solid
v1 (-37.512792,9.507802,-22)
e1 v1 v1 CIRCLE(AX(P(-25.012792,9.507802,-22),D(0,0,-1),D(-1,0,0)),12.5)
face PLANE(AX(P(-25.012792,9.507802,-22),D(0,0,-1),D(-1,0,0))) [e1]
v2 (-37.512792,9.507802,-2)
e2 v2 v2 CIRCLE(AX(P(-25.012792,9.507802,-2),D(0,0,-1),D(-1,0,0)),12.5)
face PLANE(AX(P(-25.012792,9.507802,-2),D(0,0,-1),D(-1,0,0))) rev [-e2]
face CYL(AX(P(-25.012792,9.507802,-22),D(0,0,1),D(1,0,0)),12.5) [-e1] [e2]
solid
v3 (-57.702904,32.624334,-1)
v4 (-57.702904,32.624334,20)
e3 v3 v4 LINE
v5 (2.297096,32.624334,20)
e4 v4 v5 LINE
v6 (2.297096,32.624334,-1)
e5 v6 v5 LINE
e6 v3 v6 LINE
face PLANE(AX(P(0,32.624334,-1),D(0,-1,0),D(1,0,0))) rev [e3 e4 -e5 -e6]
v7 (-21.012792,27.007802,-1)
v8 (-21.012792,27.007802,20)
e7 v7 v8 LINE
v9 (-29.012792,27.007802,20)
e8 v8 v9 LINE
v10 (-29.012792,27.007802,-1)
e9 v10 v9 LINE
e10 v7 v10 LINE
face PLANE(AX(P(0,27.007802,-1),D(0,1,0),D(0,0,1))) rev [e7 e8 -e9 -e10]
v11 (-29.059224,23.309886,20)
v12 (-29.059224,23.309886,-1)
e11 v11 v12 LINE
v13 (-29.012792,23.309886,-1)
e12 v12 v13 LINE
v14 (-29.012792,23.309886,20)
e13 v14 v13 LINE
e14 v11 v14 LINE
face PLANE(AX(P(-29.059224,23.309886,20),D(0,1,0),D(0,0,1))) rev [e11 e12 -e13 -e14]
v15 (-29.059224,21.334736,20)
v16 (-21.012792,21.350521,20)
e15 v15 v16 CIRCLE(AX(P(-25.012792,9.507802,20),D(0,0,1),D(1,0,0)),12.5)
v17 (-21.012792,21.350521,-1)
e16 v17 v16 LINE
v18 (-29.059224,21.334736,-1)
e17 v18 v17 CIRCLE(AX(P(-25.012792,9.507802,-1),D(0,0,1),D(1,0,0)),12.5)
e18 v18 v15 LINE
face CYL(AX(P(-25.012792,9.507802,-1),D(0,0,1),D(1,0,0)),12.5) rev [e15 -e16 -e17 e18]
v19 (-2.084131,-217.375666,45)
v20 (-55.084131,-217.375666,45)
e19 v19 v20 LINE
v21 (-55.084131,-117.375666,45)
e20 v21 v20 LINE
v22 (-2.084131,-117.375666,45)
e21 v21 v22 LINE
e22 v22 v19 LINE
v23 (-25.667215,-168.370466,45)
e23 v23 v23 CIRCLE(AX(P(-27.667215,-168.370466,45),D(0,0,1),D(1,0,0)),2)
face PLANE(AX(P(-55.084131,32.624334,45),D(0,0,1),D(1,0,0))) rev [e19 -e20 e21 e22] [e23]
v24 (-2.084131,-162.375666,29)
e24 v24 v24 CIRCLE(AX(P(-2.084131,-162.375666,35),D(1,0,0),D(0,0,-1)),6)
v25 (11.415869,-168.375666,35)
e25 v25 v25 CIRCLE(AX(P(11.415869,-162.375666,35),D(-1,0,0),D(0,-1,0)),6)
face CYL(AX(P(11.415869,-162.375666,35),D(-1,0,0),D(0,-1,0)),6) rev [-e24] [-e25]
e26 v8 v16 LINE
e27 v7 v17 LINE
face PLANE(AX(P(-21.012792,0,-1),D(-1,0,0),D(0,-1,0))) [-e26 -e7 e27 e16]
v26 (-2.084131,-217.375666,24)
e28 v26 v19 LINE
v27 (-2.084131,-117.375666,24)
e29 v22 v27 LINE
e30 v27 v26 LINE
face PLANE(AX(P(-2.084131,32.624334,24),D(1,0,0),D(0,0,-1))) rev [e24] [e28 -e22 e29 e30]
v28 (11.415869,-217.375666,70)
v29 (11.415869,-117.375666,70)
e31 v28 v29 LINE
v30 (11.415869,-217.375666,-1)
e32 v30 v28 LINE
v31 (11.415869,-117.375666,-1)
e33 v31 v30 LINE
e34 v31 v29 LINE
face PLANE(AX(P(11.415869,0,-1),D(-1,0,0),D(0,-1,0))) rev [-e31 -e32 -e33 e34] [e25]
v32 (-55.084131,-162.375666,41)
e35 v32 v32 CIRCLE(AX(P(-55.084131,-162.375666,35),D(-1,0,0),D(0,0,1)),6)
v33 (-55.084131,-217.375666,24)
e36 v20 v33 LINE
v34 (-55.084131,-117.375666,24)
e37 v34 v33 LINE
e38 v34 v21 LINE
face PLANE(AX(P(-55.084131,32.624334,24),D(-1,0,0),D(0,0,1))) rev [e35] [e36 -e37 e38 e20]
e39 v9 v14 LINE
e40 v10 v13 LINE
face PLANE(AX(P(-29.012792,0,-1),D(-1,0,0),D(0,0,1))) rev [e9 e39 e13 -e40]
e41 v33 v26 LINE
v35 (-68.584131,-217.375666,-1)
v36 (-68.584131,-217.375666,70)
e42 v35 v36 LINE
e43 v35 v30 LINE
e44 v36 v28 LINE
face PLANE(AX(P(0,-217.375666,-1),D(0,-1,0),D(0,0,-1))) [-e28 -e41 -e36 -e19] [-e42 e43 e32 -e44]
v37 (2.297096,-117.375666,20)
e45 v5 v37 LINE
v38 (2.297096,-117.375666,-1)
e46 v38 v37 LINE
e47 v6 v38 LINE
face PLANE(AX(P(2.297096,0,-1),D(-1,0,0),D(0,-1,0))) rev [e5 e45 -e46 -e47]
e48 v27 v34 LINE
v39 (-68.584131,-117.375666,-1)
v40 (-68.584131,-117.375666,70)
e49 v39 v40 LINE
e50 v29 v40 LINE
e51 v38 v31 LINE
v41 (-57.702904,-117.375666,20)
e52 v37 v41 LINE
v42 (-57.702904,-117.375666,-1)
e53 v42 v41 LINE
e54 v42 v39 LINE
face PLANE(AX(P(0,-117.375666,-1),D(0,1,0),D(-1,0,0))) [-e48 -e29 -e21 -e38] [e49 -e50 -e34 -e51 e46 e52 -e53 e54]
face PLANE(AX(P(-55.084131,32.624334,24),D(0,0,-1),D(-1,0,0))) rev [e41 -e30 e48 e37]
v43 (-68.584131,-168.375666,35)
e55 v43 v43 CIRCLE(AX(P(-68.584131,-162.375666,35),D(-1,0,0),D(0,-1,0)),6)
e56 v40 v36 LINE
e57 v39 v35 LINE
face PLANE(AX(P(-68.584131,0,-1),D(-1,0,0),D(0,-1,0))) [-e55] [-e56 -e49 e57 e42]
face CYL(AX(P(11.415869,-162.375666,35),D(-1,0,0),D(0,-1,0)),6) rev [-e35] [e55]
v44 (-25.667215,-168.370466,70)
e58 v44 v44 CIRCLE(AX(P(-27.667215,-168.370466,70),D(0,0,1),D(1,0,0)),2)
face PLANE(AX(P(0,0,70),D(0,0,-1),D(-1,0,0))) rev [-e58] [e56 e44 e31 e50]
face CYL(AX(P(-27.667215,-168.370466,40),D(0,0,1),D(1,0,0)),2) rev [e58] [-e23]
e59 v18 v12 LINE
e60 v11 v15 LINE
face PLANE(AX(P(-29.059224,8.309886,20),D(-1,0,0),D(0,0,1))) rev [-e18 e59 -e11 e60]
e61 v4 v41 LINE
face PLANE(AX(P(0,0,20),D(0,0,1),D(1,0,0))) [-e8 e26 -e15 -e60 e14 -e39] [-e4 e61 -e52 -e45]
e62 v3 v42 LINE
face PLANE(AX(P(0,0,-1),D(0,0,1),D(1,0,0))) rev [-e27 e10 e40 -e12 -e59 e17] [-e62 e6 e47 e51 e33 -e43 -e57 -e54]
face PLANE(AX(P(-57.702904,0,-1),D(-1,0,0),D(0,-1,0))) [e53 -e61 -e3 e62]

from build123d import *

# Parameters (mm, degrees)
BOSS_EXTRUDE1_DEPTH      = 20
BOSS_EXTRUDE1_DEPTH_BACK = 1
SKETCH8_W                = 8
SKETCH8_H                = 15
CUT_EXTRUDE23_DEPTH      = 22
SKETCH9_W                = 80
SKETCH9_H                = 100
BOSS_EXTRUDE2_DEPTH      = 50
SKETCH11_W               = 53
SKETCH11_H               = 21
CUT_EXTRUDE24_DEPTH      = 251
SKETCH12_R               = 6
CUT_EXTRUDE25_DEPTH      = 81
SKETCH13_R               = 2
CUT_EXTRUDE26_DEPTH      = 30
SKETCH16_R               = 12.5
BOSS_EXTRUDE4_DEPTH      = 20


with BuildPart() as part:
    # Sketch1 → Boss-Extrude1 (new body, two sides)
    with BuildSketch(Plane.XY) as boss_extrude1_sk:
        Polygon((-57.702904495, 32.624334465), (2.297095505, 32.624334465), (2.297095505, -117.375665535), (18.465683408, -117.375665535), (11.415868661, -117.375665535), (11.415868661, -217.375665535), (-68.584131339, -217.375665535), (-68.584131339, -117.375665535), (-57.702904495, -117.375665535), align=None)
        with BuildLine():
            Line((-21.012791673, 27.00780152), (-29.012791673, 27.00780152))
            Line((-29.012791673, 27.00780152), (-29.012791673, 21.350520803))
            ThreePointArc((-29.012791673, 21.350520803), (-25.012791673, -2.99219848), (-21.012791673, 21.350520803))
            Line((-21.012791673, 21.350520803), (-21.012791673, 27.00780152))
        make_face(mode=Mode.SUBTRACT)
    extrude(amount=BOSS_EXTRUDE1_DEPTH)
    extrude(boss_extrude1_sk.sketch, amount=-BOSS_EXTRUDE1_DEPTH_BACK)

    # Sketch8 → Cut-Extrude23 (cut, through all)
    with BuildSketch(Plane(origin=(0, 0, -1), x_dir=(-1, 0, 0), z_dir=(0, 0, -1))):
        with Locations((25.059223965, 15.809886429)):
            Rectangle(SKETCH8_W, SKETCH8_H)
    extrude(amount=-CUT_EXTRUDE23_DEPTH, mode=Mode.SUBTRACT)

    # Sketch9 → Boss-Extrude2 (add)
    with BuildSketch(Plane.XY.offset(20)):
        with Locations((-28.584131339, -167.375665535)):
            Rectangle(SKETCH9_W, SKETCH9_H)
    extrude(amount=BOSS_EXTRUDE2_DEPTH)

    # Sketch11 → Cut-Extrude24 (cut, through all)
    with BuildSketch(Plane.XZ.offset(217.375665535)):
        with Locations((-28.584131339, 34.5)):
            Rectangle(SKETCH11_W, SKETCH11_H)
    extrude(amount=-CUT_EXTRUDE24_DEPTH, mode=Mode.SUBTRACT)

    # Sketch12 → Cut-Extrude25 (cut, through all)
    with BuildSketch(Plane.ZY.offset(68.584131339)):
        with Locations((35, -162.375665535)):
            Circle(SKETCH12_R)
    extrude(amount=-CUT_EXTRUDE25_DEPTH, mode=Mode.SUBTRACT)

    # Sketch13 → Cut-Extrude26 (cut)
    with BuildSketch(Plane.XY.offset(70)):
        with Locations((-27.66721479, -168.370466124)):
            Circle(SKETCH13_R)
    extrude(amount=-CUT_EXTRUDE26_DEPTH, mode=Mode.SUBTRACT)


with BuildPart() as body_2:
    # Sketch16 → Boss-Extrude4 (new body)
    with BuildSketch(Plane(origin=(-25.012791673, 9.50780152, -2), x_dir=(-1, 0, 0), z_dir=(0, 0, -1))):
        Circle(SKETCH16_R)
    extrude(amount=BOSS_EXTRUDE4_DEPTH)


solid = Compound([part.part, body_2.part])
